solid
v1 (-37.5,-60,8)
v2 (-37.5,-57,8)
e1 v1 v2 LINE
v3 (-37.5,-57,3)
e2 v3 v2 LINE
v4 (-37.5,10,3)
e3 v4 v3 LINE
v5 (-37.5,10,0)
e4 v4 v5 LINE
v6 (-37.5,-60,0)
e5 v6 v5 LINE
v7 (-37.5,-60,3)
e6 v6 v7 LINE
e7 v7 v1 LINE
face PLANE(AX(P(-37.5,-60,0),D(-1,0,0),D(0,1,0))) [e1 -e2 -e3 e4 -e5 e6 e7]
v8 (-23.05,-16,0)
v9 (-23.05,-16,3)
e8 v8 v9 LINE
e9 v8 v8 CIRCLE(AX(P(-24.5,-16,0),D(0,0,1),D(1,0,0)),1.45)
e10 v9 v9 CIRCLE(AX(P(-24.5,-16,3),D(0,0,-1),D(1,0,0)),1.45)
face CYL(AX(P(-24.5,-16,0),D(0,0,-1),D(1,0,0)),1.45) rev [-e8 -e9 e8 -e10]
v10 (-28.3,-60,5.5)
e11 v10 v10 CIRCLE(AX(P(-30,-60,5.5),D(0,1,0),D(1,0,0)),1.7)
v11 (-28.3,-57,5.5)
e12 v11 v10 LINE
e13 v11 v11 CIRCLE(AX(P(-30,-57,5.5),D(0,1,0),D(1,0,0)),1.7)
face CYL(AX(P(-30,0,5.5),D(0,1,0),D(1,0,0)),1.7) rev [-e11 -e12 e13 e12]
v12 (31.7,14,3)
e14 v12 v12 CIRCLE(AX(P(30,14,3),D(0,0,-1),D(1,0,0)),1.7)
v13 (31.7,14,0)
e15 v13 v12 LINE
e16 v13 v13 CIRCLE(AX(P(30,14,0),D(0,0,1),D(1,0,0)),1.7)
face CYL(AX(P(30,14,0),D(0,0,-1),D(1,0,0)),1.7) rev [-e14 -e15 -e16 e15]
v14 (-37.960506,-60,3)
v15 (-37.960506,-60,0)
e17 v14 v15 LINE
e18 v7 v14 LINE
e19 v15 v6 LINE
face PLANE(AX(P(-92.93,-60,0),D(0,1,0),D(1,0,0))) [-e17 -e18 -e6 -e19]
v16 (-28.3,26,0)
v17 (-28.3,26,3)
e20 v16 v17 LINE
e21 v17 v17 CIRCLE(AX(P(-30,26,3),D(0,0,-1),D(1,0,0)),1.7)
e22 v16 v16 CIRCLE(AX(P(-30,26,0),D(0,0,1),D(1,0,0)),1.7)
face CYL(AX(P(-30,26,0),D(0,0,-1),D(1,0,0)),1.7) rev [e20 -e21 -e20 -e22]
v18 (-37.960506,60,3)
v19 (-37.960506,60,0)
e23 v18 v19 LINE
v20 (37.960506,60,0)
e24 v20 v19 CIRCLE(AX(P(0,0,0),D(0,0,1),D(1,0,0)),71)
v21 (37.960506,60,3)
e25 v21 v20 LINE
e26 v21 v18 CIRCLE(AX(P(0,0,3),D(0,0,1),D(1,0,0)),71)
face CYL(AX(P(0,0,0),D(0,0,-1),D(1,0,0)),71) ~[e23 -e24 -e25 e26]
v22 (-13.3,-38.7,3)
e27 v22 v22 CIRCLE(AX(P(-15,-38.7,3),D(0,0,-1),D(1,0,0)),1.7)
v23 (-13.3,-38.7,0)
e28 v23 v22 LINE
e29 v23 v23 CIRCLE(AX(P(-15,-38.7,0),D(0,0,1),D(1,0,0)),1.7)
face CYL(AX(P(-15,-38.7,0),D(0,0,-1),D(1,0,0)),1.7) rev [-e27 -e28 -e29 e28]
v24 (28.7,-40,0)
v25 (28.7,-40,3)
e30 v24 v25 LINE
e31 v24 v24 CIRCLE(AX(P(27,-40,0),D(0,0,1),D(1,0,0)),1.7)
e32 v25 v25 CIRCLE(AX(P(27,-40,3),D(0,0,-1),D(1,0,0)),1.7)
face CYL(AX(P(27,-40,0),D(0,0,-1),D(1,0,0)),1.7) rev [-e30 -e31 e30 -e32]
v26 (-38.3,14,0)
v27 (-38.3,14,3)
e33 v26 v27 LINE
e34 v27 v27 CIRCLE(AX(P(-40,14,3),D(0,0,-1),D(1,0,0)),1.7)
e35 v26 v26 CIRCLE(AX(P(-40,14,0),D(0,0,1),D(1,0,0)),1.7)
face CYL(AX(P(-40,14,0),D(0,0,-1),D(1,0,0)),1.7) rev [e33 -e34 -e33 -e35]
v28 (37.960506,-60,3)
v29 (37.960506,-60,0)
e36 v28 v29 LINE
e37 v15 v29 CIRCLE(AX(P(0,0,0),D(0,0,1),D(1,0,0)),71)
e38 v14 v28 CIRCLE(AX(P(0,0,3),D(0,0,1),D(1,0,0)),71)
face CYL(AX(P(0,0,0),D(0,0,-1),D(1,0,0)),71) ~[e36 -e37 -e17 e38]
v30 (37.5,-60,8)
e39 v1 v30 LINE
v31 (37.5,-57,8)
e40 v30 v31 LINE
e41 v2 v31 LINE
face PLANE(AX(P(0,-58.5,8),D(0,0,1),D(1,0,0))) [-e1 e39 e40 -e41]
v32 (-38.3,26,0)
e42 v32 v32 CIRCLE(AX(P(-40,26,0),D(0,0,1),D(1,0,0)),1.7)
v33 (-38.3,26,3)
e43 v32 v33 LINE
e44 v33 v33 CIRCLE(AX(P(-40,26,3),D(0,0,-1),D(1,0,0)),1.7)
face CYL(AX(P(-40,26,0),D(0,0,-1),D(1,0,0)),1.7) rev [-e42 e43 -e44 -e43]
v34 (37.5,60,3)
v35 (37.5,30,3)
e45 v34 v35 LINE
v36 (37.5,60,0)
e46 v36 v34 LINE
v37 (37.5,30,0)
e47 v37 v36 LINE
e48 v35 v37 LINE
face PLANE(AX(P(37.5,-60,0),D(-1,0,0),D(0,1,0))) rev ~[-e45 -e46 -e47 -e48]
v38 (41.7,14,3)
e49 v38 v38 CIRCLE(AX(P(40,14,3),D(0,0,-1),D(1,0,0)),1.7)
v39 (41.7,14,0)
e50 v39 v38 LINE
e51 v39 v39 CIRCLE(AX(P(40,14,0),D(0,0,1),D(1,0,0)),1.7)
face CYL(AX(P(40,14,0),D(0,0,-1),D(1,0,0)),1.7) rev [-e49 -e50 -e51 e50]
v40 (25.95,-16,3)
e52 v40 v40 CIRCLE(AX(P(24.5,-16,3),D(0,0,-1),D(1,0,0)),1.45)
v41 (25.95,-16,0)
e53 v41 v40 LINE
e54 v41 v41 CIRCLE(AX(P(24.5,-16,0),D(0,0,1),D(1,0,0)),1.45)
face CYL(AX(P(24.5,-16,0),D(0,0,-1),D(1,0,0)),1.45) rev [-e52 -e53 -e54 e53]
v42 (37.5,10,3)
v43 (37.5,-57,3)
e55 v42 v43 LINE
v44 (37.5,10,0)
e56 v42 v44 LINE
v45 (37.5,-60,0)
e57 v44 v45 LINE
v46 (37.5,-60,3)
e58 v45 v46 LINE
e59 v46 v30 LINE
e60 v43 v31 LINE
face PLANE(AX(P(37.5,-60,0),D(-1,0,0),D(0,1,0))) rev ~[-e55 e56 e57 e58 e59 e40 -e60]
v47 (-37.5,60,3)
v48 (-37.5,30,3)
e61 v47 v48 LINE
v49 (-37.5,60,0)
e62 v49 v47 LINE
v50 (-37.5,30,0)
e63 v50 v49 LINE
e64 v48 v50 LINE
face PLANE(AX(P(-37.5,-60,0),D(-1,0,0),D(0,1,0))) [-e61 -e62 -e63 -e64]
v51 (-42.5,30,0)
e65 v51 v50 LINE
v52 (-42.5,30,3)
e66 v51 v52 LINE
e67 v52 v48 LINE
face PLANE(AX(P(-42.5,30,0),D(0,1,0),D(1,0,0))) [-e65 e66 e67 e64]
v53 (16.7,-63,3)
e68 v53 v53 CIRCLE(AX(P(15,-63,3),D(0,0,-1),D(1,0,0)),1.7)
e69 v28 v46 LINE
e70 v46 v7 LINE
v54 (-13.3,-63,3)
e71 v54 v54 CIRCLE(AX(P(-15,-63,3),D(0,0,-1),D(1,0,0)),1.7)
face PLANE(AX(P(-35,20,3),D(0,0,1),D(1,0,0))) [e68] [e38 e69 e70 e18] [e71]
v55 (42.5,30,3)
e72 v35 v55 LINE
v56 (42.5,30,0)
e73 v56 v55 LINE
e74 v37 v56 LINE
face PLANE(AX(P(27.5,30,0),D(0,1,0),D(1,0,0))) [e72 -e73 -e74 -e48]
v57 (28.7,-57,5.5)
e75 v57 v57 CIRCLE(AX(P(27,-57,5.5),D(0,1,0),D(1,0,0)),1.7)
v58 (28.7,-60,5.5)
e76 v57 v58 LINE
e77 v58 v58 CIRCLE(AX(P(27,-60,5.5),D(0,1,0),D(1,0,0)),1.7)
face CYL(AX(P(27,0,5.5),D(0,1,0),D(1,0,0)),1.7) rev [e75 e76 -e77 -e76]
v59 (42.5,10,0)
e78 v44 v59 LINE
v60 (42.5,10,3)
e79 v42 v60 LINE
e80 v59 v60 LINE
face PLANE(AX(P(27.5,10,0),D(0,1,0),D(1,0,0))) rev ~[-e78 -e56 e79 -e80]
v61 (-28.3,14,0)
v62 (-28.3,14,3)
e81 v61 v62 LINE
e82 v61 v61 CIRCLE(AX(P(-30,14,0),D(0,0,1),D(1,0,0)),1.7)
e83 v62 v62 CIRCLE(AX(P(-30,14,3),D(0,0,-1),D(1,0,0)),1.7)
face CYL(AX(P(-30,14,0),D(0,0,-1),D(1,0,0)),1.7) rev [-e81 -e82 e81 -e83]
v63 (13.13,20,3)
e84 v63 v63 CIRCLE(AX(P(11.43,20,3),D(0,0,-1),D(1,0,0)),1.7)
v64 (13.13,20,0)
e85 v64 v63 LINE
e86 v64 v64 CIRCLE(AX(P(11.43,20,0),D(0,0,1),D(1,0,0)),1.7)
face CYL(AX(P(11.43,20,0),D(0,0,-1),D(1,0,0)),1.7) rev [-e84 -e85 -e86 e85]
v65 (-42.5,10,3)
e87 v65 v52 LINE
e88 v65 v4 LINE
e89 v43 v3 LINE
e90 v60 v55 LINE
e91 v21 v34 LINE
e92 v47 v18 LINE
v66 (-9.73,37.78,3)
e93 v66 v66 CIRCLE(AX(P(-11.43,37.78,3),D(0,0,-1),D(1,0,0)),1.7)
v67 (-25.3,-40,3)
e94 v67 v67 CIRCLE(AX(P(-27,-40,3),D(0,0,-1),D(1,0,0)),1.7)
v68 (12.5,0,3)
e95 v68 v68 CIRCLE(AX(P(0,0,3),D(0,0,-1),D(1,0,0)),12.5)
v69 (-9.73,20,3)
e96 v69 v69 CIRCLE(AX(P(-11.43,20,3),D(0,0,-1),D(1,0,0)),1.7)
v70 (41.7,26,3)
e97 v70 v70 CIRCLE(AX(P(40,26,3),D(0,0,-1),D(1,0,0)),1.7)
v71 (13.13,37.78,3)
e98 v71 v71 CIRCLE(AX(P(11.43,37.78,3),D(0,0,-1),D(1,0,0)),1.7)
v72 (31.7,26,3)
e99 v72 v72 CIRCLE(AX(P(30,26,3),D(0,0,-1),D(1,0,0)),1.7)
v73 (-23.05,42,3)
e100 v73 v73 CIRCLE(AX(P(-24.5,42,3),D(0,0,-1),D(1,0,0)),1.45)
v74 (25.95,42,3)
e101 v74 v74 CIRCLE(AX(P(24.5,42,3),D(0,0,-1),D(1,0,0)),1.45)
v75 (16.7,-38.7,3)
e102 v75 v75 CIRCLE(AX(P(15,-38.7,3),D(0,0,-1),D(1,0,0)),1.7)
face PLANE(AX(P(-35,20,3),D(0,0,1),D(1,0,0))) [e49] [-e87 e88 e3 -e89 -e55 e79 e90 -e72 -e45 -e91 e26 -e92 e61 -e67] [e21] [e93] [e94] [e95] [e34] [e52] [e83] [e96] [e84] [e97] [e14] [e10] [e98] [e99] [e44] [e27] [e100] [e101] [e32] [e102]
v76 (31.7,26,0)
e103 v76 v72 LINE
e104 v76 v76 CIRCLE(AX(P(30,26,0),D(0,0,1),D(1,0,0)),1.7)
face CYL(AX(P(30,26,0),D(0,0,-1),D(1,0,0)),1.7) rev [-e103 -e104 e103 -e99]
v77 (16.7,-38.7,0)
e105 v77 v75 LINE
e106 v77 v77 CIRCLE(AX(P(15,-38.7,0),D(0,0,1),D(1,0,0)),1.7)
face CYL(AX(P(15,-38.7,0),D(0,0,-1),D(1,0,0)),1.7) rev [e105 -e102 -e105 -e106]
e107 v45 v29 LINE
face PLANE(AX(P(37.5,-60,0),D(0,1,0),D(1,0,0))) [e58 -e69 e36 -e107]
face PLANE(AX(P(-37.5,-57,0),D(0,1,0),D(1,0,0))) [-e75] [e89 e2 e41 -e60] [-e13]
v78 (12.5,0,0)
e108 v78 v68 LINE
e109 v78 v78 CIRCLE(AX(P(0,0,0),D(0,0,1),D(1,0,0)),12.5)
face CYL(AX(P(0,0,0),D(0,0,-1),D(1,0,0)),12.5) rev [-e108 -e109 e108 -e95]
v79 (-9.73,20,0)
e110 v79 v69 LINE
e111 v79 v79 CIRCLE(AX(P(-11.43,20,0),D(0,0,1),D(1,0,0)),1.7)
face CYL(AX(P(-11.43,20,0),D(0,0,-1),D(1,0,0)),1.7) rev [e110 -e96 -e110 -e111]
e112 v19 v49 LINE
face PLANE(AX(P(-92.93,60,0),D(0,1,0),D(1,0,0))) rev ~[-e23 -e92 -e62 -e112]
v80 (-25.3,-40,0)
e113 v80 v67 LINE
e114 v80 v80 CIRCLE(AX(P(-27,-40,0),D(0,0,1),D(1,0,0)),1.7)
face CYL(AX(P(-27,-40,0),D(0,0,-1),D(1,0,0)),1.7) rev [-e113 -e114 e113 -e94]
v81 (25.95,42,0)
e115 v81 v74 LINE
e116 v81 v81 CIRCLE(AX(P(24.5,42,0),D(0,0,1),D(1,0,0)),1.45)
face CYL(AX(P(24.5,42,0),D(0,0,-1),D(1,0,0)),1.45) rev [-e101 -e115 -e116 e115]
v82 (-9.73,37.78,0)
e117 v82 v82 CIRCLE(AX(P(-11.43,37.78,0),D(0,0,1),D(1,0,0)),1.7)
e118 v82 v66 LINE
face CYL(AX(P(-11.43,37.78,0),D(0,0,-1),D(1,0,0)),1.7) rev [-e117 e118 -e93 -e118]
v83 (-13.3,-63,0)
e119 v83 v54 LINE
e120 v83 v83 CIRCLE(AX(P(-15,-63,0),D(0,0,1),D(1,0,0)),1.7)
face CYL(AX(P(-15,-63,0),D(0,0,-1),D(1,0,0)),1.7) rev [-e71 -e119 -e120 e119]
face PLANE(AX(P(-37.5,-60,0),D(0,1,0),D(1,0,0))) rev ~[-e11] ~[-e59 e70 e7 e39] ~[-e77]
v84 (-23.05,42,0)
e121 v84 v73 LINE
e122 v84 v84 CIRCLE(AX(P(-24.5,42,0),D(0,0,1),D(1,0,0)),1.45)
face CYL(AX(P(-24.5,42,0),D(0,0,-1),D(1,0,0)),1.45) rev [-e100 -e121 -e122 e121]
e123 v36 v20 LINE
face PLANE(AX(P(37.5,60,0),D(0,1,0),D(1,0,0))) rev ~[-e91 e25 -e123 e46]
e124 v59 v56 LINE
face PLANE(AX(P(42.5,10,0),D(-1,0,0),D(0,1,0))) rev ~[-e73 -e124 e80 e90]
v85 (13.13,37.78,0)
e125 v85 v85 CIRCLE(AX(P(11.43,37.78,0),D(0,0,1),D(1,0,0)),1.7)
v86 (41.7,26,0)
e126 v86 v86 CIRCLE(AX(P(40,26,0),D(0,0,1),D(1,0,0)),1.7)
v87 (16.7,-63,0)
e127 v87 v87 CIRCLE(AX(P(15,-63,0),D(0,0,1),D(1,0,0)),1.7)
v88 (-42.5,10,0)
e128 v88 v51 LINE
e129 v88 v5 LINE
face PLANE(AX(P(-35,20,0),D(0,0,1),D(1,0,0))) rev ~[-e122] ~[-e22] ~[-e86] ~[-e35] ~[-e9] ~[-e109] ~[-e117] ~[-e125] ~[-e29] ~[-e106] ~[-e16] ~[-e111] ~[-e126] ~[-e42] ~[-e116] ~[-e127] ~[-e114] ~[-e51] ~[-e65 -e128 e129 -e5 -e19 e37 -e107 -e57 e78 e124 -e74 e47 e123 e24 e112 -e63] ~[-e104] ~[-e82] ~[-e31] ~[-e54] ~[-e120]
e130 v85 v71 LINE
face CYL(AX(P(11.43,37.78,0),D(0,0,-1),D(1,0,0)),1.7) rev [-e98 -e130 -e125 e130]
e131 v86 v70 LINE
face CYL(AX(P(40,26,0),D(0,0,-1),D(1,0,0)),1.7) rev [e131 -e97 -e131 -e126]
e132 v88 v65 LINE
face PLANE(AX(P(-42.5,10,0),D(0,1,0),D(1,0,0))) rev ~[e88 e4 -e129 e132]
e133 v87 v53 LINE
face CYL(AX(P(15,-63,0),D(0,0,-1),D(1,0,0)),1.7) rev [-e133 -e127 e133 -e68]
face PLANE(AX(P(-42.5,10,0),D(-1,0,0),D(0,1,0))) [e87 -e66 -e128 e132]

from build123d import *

# Parameters (mm, degrees)
SKETCH_R        = 71
PAD_DEPTH       = 3
SKETCH001_W     = 52.5
SKETCH001_H     = 120
POCKET_DEPTH    = 3.001
SKETCH002_W     = 55.43
SKETCH002_H     = 120
POCKET001_DEPTH = 3.001
SKETCH003_R     = 12.5
POCKET002_DEPTH = 3.001
SKETCH004_R     = 1.7
HOLE_DEPTH      = 3.001
SKETCH005_W     = 15
SKETCH005_H     = 20
PAD001_DEPTH    = 3
SKETCH006_W     = 15
SKETCH006_H     = 20
PAD002_DEPTH    = 3
SKETCH007_W     = 75
SKETCH007_H     = 3
PAD003_DEPTH    = 8
SKETCH008_R     = 1.7
HOLE001_DEPTH   = 8.001
SKETCH010_R     = 1.45
HOLE002_DEPTH   = 8.001
SKETCH011_R     = 1.7
HOLE003_DEPTH   = 8.001
SKETCH013_R     = 1.7
HOLE004_DEPTH   = 8.001
SKETCH014_R     = 1.7
HOLE005_DEPTH   = 71.001


with BuildPart() as part:
    # Sketch → Pad (new body)
    with BuildSketch(Plane.XY):
        Circle(SKETCH_R)
    extrude(amount=PAD_DEPTH)

    # Sketch001 → Pocket (cut, through all)
    with BuildSketch(Plane.XY):
        with Locations((63.75, 0)):
            Rectangle(SKETCH001_W, SKETCH001_H)
    extrude(amount=POCKET_DEPTH, mode=Mode.SUBTRACT)

    # Sketch002 → Pocket001 (cut, through all)
    with BuildSketch(Plane.XY):
        with Locations((-65.215, 0)):
            Rectangle(SKETCH002_W, SKETCH002_H)
    extrude(amount=POCKET001_DEPTH, mode=Mode.SUBTRACT)

    # Sketch003 → Pocket002 (cut, through all)
    with BuildSketch(Plane.XY):
        Circle(SKETCH003_R)
    extrude(amount=POCKET002_DEPTH, mode=Mode.SUBTRACT)

    # Sketch004 → Hole (cut, through all)
    with BuildSketch(Plane.XY):
        with Locations((-15, -38.7)):
            Circle(SKETCH004_R)
        with Locations((15, -38.7)):
            Circle(SKETCH004_R)
        with Locations((-15, -63)):
            Circle(SKETCH004_R)
        with Locations((15, -63)):
            Circle(SKETCH004_R)
    extrude(amount=HOLE_DEPTH, mode=Mode.SUBTRACT)

    # Sketch005 → Pad001 (join)
    with BuildSketch(Plane.XY):
        with Locations((35, 20)):
            Rectangle(SKETCH005_W, SKETCH005_H)
    extrude(amount=PAD001_DEPTH)

    # Sketch006 → Pad002 (join)
    with BuildSketch(Plane.XY):
        with Locations((-35, 20)):
            Rectangle(SKETCH006_W, SKETCH006_H)
    extrude(amount=PAD002_DEPTH)

    # Sketch007 → Pad003 (join)
    with BuildSketch(Plane.XY):
        with Locations((0, -58.5)):
            Rectangle(SKETCH007_W, SKETCH007_H)
    extrude(amount=PAD003_DEPTH)

    # Sketch008 → Hole001 (cut, through all)
    with BuildSketch(Plane.XY):
        with Locations((-27, -40)):
            Circle(SKETCH008_R)
        with Locations((27, -40)):
            Circle(SKETCH008_R)
    extrude(amount=HOLE001_DEPTH, mode=Mode.SUBTRACT)

    # Sketch010 → Hole002 (cut, through all)
    with BuildSketch(Plane.XY):
        with Locations((-24.5, -16)):
            Circle(SKETCH010_R)
        with Locations((24.5, -16)):
            Circle(SKETCH010_R)
        with Locations((24.5, 42)):
            Circle(SKETCH010_R)
        with Locations((-24.5, 42)):
            Circle(SKETCH010_R)
    extrude(amount=HOLE002_DEPTH, mode=Mode.SUBTRACT)

    # Sketch011 → Hole003 (cut, through all)
    with BuildSketch(Plane.XY):
        with Locations((-30, 26)):
            Circle(SKETCH011_R)
        with Locations((-40, 26)):
            Circle(SKETCH011_R)
        with Locations((-30, 14)):
            Circle(SKETCH011_R)
        with Locations((-40, 14)):
            Circle(SKETCH011_R)
        with Locations((30, 26)):
            Circle(SKETCH011_R)
        with Locations((40, 26)):
            Circle(SKETCH011_R)
        with Locations((30, 14)):
            Circle(SKETCH011_R)
        with Locations((40, 14)):
            Circle(SKETCH011_R)
    extrude(amount=HOLE003_DEPTH, mode=Mode.SUBTRACT)

    # Sketch013 → Hole004 (cut, through all)
    with BuildSketch(Plane.XY):
        with Locations((-11.43, 37.78)):
            Circle(SKETCH013_R)
        with Locations((11.43, 37.78)):
            Circle(SKETCH013_R)
        with Locations((-11.43, 20)):
            Circle(SKETCH013_R)
        with Locations((11.43, 20)):
            Circle(SKETCH013_R)
    extrude(amount=HOLE004_DEPTH, mode=Mode.SUBTRACT)

    # Sketch014 → Hole005 (cut, through all)
    with BuildSketch(Plane.XZ):
        with Locations((-30, 5.5)):
            Circle(SKETCH014_R)
        with Locations((27, 5.5)):
            Circle(SKETCH014_R)
    extrude(amount=HOLE005_DEPTH, mode=Mode.SUBTRACT)


solid = part.part
